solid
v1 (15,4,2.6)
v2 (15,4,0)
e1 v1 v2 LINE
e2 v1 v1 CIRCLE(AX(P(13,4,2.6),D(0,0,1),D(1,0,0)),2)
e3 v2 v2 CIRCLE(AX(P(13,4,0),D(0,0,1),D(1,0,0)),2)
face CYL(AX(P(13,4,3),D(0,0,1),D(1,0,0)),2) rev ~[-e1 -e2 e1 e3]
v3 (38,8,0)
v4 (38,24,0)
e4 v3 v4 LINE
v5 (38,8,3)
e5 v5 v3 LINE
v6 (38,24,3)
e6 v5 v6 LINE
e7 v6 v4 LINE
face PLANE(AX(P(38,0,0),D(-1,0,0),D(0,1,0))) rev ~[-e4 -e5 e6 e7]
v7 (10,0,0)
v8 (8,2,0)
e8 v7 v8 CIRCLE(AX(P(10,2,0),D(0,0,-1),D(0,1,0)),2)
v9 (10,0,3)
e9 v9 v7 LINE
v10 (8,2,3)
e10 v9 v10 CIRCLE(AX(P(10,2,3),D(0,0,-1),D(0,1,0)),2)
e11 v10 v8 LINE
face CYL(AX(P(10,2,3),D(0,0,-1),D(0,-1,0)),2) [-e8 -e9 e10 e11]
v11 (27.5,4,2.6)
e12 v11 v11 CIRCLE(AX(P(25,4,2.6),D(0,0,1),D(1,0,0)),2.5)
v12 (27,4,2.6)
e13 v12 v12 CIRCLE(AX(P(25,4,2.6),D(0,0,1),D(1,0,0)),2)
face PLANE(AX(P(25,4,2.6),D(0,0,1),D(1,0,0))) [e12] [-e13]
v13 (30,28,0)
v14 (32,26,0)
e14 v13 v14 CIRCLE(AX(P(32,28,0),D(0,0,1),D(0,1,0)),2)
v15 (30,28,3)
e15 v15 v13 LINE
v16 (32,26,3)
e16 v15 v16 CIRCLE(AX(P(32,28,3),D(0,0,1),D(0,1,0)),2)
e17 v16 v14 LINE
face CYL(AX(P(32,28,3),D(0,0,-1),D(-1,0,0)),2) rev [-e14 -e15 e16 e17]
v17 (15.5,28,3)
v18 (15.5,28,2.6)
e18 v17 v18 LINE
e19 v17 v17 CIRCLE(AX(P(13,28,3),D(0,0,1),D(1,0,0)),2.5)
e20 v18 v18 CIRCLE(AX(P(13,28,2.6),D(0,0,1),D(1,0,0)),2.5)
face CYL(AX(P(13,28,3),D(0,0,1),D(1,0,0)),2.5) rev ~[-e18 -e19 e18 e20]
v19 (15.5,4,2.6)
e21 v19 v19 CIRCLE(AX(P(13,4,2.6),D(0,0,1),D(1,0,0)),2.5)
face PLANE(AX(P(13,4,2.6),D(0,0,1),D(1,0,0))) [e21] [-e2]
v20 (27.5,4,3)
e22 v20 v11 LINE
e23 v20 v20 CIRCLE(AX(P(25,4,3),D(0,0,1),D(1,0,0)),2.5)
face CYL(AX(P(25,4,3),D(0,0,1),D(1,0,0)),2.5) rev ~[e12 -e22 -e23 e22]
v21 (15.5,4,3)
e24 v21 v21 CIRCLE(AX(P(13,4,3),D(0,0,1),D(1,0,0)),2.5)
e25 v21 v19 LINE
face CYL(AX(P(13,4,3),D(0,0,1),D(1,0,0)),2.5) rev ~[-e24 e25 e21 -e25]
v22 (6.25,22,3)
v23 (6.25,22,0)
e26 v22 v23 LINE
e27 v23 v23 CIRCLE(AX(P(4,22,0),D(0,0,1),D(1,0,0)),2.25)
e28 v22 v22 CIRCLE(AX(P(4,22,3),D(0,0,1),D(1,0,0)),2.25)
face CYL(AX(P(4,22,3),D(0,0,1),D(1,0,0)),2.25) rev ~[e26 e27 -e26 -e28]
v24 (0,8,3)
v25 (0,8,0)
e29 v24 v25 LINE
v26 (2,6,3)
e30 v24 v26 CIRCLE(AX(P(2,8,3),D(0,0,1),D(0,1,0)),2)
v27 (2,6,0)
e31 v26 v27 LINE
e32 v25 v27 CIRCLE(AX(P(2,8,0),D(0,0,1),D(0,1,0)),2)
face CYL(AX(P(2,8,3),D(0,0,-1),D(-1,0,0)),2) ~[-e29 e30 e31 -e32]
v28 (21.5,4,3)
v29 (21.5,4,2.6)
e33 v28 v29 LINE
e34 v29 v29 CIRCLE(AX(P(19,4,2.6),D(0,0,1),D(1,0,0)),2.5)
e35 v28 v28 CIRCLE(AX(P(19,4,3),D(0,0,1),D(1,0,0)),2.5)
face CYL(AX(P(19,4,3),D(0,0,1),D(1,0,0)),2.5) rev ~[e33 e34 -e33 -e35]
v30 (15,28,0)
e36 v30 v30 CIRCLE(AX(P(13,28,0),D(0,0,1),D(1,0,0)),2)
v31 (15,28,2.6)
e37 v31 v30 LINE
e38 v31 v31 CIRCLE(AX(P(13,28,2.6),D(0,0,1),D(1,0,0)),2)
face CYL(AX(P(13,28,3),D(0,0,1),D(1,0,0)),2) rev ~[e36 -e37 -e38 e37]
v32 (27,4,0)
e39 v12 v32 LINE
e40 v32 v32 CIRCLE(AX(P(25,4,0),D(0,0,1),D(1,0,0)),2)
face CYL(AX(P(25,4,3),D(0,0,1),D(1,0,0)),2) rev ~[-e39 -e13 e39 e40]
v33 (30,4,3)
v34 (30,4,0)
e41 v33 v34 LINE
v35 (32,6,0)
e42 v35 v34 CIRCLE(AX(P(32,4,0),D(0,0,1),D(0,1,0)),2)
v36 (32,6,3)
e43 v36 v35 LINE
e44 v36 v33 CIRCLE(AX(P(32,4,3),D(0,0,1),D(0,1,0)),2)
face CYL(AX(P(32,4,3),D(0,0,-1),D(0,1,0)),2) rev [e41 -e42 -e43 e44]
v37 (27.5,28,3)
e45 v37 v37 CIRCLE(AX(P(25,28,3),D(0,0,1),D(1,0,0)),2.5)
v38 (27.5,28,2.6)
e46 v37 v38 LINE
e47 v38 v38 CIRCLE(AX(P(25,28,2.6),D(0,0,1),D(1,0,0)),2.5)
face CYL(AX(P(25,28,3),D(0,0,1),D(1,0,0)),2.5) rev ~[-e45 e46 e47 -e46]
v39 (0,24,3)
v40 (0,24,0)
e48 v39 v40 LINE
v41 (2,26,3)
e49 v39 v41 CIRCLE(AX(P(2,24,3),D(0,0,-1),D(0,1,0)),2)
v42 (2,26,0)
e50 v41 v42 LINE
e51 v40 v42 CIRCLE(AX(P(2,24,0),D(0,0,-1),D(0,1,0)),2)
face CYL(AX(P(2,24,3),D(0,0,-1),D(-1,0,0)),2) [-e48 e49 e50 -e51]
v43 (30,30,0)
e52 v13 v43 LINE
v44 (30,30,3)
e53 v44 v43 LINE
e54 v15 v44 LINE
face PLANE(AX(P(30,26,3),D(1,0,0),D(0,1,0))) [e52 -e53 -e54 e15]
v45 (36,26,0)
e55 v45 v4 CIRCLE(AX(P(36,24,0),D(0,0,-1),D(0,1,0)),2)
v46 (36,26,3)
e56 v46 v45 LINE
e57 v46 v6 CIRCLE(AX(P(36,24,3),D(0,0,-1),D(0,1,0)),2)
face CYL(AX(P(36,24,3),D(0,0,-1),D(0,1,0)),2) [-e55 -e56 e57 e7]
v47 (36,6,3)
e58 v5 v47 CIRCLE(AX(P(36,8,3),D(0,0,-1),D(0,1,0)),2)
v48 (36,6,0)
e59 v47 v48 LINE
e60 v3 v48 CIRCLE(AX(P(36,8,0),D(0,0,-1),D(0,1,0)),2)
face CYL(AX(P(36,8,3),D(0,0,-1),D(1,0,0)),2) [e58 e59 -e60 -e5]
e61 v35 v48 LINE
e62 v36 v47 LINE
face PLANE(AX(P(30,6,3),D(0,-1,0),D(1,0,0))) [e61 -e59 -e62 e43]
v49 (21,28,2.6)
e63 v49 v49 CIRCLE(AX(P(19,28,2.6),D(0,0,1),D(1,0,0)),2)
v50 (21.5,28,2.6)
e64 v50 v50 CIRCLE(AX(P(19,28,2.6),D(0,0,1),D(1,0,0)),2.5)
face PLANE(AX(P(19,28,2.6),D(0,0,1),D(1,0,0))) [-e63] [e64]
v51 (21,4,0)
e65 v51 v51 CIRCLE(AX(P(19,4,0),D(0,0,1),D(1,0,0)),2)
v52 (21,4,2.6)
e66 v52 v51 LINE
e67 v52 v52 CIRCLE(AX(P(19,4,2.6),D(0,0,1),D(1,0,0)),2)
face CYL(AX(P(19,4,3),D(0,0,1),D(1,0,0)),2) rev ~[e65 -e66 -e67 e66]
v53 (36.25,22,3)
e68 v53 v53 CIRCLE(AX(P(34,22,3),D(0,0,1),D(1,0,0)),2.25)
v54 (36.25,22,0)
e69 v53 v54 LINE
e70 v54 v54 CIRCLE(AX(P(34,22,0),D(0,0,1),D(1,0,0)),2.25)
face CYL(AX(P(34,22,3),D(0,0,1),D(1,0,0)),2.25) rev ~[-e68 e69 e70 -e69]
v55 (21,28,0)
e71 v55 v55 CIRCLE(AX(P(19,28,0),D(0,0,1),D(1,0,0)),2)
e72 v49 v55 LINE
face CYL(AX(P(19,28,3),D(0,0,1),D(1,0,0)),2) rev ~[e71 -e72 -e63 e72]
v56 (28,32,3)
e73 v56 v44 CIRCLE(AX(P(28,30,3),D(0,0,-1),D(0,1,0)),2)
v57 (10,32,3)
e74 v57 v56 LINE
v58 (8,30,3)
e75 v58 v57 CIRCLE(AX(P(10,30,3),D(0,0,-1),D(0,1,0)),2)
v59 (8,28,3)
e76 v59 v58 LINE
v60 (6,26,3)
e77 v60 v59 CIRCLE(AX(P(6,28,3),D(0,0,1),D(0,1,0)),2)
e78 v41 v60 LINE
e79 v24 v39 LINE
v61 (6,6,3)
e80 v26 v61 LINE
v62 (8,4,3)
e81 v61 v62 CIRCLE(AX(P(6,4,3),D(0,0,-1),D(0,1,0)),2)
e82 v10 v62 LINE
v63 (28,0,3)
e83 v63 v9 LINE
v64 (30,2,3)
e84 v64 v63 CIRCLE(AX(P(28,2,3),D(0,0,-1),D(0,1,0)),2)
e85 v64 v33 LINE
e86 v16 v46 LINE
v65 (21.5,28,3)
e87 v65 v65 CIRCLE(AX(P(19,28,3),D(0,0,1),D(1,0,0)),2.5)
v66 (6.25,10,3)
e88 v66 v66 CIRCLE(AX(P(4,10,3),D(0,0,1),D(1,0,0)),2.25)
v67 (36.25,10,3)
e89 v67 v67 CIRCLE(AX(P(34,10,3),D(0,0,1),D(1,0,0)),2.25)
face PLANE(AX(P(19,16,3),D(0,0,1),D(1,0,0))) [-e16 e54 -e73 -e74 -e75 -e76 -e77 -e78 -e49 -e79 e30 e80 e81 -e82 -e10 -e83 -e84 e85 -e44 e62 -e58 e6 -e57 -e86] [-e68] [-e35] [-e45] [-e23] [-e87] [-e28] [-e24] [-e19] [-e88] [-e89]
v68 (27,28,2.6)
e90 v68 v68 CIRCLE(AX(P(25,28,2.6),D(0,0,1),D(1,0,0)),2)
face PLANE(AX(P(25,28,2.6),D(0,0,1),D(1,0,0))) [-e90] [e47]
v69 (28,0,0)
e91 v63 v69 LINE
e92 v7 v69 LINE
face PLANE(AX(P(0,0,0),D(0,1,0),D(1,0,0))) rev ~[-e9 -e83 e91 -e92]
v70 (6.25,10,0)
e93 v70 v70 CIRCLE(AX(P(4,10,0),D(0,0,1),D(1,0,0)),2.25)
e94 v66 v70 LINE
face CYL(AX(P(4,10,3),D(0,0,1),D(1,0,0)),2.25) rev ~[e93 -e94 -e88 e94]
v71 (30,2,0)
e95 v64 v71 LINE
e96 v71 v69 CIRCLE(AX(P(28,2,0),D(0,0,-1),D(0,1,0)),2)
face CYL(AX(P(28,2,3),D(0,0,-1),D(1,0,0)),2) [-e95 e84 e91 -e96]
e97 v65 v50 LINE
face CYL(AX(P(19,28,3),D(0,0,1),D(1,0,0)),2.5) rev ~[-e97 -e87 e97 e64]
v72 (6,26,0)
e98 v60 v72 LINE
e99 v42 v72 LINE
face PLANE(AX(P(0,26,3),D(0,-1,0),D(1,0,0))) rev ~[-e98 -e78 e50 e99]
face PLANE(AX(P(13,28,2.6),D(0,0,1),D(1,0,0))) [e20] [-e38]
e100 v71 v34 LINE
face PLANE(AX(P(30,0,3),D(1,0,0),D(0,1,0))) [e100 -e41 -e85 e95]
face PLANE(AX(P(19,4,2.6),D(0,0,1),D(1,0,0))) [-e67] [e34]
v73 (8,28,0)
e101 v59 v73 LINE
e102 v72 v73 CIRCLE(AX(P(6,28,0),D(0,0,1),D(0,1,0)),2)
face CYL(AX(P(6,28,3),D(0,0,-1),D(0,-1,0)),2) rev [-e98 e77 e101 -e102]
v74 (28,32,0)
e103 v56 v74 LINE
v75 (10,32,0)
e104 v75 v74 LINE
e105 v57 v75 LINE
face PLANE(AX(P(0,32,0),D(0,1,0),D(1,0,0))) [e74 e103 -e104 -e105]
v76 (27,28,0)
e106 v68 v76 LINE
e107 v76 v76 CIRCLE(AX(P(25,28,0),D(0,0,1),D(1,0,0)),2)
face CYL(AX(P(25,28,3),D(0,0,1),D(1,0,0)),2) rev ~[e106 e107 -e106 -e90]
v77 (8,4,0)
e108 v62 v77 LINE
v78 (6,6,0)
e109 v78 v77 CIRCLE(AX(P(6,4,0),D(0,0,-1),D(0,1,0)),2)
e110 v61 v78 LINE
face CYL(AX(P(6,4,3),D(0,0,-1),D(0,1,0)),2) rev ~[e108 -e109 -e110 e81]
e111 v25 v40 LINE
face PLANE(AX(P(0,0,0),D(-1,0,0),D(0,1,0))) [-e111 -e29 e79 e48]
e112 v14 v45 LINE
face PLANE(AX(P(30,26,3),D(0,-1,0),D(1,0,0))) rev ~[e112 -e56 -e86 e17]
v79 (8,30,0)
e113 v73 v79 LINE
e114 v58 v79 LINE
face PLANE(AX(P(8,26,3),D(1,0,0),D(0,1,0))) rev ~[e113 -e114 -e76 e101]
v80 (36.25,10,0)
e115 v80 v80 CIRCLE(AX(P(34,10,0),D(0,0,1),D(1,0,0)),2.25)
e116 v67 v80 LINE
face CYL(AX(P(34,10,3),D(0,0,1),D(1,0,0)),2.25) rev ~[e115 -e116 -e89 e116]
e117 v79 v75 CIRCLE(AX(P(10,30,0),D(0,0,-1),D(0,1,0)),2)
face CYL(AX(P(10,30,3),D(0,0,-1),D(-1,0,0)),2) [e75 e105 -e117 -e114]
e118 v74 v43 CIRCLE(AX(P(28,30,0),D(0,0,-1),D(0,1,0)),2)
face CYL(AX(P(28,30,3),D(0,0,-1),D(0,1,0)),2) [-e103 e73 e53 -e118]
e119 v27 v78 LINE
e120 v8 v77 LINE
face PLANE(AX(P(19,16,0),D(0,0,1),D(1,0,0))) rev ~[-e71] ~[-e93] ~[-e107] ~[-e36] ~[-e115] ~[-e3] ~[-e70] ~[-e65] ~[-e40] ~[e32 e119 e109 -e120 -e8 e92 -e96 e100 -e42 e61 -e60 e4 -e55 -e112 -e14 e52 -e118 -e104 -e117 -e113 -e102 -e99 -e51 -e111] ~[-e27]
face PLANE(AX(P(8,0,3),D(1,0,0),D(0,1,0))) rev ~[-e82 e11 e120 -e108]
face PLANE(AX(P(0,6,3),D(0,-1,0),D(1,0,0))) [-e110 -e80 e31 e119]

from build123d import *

# Parameters (mm, degrees)
ESQUISSE2_W                  = 38
ESQUISSE2_H                  = 32
BOSS_EXTRU_1_DEPTH           = 3
ESQUISSE3_R                  = 2
ESQUISSE3_R_2                = 2.25
ENL_V_MAT_EXTRU_1_DEPTH      = 1
ENL_V_MAT_EXTRU_1_DEPTH_BACK = 4
ESQUISSE4_R                  = 2.5
ENL_V_MAT_EXTRU_2_DEPTH      = 0.4
ESQUISSE5_W                  = 8
ESQUISSE5_H                  = 6
ENL_V_MAT_EXTRU_3_DEPTH      = 1
ENL_V_MAT_EXTRU_3_DEPTH_BACK = 4
CONG_1_R                     = 2


with BuildPart() as part:
    # Esquisse2 → Boss.-Extru.1 (new body)
    with BuildSketch(Plane.XY):
        with Locations((19, 16)):
            Rectangle(ESQUISSE2_W, ESQUISSE2_H)
    extrude(amount=BOSS_EXTRU_1_DEPTH)

    # Esquisse3 → Enlèv. mat.-Extru.1 (cut, two sides)
    with BuildSketch(Plane.XY.offset(3)) as enl_v_mat_extru_1_sk:
        with Locations((19, 28)):
            Circle(ESQUISSE3_R)
        with Locations((13, 28)):
            Circle(ESQUISSE3_R)
        with Locations((25, 28)):
            Circle(ESQUISSE3_R)
        with Locations((25, 4)):
            Circle(ESQUISSE3_R)
        with Locations((13, 4)):
            Circle(ESQUISSE3_R)
        with Locations((19, 4)):
            Circle(ESQUISSE3_R)
        with Locations((4, 22)):
            Circle(ESQUISSE3_R_2)
        with Locations((4, 10)):
            Circle(ESQUISSE3_R_2)
        with Locations((34, 10)):
            Circle(ESQUISSE3_R_2)
        with Locations((34, 22)):
            Circle(ESQUISSE3_R_2)
    extrude(amount=ENL_V_MAT_EXTRU_1_DEPTH, mode=Mode.SUBTRACT)
    extrude(enl_v_mat_extru_1_sk.sketch, amount=-ENL_V_MAT_EXTRU_1_DEPTH_BACK, mode=Mode.SUBTRACT)

    # Esquisse4 → Enlèv. mat.-Extru.2 (cut)
    with BuildSketch(Plane.XY.offset(3)):
        with Locations((13, 4)):
            Circle(ESQUISSE4_R)
        with Locations((19, 4)):
            Circle(ESQUISSE4_R)
        with Locations((25, 4)):
            Circle(ESQUISSE4_R)
        with Locations((25, 28)):
            Circle(ESQUISSE4_R)
        with Locations((19, 28)):
            Circle(ESQUISSE4_R)
        with Locations((13, 28)):
            Circle(ESQUISSE4_R)
    extrude(amount=-ENL_V_MAT_EXTRU_2_DEPTH, mode=Mode.SUBTRACT)

    # Esquisse5 → Enlèv. mat.-Extru.3 (cut, two sides)
    with BuildSketch(Plane.XY.offset(3)) as enl_v_mat_extru_3_sk:
        with Locations((4, 29)):
            Rectangle(ESQUISSE5_W, ESQUISSE5_H)
        with Locations((34, 29)):
            Rectangle(ESQUISSE5_W, ESQUISSE5_H)
        with Locations((34, 3)):
            Rectangle(ESQUISSE5_W, ESQUISSE5_H)
        with Locations((4, 3)):
            Rectangle(ESQUISSE5_W, ESQUISSE5_H)
    extrude(amount=ENL_V_MAT_EXTRU_3_DEPTH, mode=Mode.SUBTRACT)
    extrude(enl_v_mat_extru_3_sk.sketch, amount=-ENL_V_MAT_EXTRU_3_DEPTH_BACK, mode=Mode.SUBTRACT)

    # Congé1
    cong_1_edges = [part.edges().sort_by_distance(p)[0] for p in [
        (0, 26, 1.5),
        (8, 32, 1.5),
        (8, 26, 1.5),
        (30, 32, 1.5),
        (38, 26, 1.5),
        (30, 26, 1.5),
        (38, 6, 1.5),
        (30, 0, 1.5),
        (30, 6, 1.5),
        (8, 0, 1.5),
        (0, 6, 1.5),
        (8, 6, 1.5),
    ]]
    fillet(cong_1_edges, radius=CONG_1_R)


solid = part.part
